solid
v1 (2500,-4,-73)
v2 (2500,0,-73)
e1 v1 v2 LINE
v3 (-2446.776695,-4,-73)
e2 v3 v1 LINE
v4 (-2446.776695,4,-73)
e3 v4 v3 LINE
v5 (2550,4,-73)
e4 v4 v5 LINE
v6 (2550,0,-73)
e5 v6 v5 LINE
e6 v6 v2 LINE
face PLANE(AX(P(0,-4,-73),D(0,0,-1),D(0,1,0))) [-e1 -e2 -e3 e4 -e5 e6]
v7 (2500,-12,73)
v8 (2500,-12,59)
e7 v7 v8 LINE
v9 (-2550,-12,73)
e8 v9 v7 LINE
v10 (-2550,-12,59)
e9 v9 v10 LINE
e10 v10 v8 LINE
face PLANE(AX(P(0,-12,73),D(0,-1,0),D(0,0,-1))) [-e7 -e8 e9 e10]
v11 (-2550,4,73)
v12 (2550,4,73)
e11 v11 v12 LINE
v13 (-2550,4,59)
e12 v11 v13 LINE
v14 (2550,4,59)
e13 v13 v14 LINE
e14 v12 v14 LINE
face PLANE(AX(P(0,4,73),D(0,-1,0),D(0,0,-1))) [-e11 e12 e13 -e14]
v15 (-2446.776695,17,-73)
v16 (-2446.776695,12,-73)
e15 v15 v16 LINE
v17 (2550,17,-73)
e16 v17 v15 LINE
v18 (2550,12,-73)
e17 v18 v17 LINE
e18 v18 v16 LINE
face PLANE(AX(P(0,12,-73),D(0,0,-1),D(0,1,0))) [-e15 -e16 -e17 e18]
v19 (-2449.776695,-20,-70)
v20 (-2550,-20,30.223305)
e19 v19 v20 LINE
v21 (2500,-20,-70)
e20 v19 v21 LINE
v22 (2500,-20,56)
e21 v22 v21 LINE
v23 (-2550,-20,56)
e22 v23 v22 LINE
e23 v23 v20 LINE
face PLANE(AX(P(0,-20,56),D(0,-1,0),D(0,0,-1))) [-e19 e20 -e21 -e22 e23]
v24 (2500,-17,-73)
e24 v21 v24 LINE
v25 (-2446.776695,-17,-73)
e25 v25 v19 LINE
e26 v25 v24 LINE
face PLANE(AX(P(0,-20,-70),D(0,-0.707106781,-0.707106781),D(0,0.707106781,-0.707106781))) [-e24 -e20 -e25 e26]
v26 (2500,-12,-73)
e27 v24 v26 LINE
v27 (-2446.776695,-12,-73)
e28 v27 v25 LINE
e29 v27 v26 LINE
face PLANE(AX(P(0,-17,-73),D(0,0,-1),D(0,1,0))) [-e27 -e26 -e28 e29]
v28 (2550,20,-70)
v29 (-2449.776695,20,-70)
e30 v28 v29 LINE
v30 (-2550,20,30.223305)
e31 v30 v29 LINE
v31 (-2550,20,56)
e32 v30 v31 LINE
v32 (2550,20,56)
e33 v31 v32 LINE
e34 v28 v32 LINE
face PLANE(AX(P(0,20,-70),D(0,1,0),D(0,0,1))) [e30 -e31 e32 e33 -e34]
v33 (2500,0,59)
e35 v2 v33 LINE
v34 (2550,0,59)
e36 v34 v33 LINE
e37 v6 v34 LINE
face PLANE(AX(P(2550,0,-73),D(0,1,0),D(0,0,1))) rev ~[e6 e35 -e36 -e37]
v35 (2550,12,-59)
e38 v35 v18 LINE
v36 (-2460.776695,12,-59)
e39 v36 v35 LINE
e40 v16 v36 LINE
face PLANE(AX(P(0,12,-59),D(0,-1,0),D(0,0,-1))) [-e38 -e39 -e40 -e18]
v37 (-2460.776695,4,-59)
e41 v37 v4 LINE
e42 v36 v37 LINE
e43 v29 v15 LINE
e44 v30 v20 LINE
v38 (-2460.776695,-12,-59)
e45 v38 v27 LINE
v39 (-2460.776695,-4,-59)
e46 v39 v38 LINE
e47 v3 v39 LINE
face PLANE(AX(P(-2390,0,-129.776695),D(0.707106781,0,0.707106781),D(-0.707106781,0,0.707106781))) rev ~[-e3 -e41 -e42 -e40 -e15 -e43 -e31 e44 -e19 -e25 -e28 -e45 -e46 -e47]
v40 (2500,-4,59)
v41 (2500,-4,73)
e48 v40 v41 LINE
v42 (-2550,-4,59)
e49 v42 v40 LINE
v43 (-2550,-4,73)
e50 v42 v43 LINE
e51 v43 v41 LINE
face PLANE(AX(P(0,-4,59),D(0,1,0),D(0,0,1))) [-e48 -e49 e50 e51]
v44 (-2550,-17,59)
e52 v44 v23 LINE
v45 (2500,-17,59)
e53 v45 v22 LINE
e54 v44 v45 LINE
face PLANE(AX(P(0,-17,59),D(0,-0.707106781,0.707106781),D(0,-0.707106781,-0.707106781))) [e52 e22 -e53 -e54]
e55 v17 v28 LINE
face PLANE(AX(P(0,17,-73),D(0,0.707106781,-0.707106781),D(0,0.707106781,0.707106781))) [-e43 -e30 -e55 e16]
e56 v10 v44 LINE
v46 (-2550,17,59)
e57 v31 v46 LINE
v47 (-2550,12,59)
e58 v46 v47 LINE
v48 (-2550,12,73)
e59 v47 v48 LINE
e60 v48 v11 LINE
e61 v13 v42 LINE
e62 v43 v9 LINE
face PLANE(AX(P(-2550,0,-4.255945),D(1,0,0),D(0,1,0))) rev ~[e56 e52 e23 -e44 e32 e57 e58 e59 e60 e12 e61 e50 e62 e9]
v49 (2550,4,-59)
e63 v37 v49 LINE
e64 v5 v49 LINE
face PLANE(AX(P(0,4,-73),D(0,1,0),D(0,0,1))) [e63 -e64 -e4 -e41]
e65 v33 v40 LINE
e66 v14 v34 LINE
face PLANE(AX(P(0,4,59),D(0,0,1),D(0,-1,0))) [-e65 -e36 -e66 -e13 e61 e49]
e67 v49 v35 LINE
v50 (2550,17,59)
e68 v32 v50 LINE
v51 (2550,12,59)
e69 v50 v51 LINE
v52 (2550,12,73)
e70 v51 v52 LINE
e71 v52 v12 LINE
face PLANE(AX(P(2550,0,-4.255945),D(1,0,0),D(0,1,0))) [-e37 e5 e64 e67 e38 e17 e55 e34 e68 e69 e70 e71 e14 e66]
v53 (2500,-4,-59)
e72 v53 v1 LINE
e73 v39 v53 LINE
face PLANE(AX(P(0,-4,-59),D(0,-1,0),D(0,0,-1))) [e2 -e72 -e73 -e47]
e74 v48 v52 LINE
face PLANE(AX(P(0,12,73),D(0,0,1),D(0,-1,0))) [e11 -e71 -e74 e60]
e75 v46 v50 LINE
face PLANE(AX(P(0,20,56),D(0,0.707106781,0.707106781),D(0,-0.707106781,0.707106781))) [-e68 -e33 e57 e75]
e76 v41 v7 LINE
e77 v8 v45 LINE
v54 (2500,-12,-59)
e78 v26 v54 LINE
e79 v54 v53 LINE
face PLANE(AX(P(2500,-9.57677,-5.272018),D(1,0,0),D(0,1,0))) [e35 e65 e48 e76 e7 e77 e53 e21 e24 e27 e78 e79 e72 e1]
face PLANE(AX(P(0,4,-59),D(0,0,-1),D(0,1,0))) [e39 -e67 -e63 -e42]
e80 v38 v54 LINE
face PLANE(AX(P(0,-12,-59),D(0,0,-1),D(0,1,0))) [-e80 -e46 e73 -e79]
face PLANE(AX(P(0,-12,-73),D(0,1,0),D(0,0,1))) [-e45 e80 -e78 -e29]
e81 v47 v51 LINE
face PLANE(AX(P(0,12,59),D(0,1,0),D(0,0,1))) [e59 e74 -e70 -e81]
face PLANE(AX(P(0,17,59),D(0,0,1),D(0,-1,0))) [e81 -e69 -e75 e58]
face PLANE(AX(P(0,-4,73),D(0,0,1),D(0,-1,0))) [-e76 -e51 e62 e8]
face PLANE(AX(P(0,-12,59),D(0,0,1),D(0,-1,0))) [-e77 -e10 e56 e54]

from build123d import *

# Parameters (mm, degrees)
F1_DEPTH = 2550
F3_DEPTH = 25
F5_DEPTH = 50


with BuildPart() as f1:
    # F0 (on Right) → F1 (new body, symmetric)
    with BuildSketch(Plane.YZ):
        Polygon((20, -70), (20, 56), (17, 59), (12, 59), (12, 73), (4, 73), (4, 59), (-4, 59), (-4, 73), (-12, 73), (-12, 59), (-17, 59), (-20, 56), (-20, -70), (-17, -73), (-12, -73), (-12, -59), (-4, -59), (-4, -73), (4, -73), (4, -59), (12, -59), (12, -73), (17, -73), align=None)
    extrude(amount=F1_DEPTH, both=True)

    # F2 (on Front) → F3 (cut, symmetric)
    with BuildSketch(Plane.XZ):
        Polygon((-2390, -129.776695), (-2566.776695, 47), (-2566.776695, -129.776695), align=None)
    extrude(amount=F3_DEPTH, both=True, mode=Mode.SUBTRACT)

    # F4 (on face) → F5 (cut)
    with BuildSketch(Plane.YZ.offset(2550)):
        Polygon((-4, -73), (0, -73), (0, 59), (-4, 59), (-4, 73), (-12, 73), (-12, 59), (-17, 59), (-20, 56), (-20, -70), (-17, -73), (-12, -73), (-12, -59), (-4, -59), align=None)
    extrude(amount=-F5_DEPTH, mode=Mode.SUBTRACT)


solid = f1.part
